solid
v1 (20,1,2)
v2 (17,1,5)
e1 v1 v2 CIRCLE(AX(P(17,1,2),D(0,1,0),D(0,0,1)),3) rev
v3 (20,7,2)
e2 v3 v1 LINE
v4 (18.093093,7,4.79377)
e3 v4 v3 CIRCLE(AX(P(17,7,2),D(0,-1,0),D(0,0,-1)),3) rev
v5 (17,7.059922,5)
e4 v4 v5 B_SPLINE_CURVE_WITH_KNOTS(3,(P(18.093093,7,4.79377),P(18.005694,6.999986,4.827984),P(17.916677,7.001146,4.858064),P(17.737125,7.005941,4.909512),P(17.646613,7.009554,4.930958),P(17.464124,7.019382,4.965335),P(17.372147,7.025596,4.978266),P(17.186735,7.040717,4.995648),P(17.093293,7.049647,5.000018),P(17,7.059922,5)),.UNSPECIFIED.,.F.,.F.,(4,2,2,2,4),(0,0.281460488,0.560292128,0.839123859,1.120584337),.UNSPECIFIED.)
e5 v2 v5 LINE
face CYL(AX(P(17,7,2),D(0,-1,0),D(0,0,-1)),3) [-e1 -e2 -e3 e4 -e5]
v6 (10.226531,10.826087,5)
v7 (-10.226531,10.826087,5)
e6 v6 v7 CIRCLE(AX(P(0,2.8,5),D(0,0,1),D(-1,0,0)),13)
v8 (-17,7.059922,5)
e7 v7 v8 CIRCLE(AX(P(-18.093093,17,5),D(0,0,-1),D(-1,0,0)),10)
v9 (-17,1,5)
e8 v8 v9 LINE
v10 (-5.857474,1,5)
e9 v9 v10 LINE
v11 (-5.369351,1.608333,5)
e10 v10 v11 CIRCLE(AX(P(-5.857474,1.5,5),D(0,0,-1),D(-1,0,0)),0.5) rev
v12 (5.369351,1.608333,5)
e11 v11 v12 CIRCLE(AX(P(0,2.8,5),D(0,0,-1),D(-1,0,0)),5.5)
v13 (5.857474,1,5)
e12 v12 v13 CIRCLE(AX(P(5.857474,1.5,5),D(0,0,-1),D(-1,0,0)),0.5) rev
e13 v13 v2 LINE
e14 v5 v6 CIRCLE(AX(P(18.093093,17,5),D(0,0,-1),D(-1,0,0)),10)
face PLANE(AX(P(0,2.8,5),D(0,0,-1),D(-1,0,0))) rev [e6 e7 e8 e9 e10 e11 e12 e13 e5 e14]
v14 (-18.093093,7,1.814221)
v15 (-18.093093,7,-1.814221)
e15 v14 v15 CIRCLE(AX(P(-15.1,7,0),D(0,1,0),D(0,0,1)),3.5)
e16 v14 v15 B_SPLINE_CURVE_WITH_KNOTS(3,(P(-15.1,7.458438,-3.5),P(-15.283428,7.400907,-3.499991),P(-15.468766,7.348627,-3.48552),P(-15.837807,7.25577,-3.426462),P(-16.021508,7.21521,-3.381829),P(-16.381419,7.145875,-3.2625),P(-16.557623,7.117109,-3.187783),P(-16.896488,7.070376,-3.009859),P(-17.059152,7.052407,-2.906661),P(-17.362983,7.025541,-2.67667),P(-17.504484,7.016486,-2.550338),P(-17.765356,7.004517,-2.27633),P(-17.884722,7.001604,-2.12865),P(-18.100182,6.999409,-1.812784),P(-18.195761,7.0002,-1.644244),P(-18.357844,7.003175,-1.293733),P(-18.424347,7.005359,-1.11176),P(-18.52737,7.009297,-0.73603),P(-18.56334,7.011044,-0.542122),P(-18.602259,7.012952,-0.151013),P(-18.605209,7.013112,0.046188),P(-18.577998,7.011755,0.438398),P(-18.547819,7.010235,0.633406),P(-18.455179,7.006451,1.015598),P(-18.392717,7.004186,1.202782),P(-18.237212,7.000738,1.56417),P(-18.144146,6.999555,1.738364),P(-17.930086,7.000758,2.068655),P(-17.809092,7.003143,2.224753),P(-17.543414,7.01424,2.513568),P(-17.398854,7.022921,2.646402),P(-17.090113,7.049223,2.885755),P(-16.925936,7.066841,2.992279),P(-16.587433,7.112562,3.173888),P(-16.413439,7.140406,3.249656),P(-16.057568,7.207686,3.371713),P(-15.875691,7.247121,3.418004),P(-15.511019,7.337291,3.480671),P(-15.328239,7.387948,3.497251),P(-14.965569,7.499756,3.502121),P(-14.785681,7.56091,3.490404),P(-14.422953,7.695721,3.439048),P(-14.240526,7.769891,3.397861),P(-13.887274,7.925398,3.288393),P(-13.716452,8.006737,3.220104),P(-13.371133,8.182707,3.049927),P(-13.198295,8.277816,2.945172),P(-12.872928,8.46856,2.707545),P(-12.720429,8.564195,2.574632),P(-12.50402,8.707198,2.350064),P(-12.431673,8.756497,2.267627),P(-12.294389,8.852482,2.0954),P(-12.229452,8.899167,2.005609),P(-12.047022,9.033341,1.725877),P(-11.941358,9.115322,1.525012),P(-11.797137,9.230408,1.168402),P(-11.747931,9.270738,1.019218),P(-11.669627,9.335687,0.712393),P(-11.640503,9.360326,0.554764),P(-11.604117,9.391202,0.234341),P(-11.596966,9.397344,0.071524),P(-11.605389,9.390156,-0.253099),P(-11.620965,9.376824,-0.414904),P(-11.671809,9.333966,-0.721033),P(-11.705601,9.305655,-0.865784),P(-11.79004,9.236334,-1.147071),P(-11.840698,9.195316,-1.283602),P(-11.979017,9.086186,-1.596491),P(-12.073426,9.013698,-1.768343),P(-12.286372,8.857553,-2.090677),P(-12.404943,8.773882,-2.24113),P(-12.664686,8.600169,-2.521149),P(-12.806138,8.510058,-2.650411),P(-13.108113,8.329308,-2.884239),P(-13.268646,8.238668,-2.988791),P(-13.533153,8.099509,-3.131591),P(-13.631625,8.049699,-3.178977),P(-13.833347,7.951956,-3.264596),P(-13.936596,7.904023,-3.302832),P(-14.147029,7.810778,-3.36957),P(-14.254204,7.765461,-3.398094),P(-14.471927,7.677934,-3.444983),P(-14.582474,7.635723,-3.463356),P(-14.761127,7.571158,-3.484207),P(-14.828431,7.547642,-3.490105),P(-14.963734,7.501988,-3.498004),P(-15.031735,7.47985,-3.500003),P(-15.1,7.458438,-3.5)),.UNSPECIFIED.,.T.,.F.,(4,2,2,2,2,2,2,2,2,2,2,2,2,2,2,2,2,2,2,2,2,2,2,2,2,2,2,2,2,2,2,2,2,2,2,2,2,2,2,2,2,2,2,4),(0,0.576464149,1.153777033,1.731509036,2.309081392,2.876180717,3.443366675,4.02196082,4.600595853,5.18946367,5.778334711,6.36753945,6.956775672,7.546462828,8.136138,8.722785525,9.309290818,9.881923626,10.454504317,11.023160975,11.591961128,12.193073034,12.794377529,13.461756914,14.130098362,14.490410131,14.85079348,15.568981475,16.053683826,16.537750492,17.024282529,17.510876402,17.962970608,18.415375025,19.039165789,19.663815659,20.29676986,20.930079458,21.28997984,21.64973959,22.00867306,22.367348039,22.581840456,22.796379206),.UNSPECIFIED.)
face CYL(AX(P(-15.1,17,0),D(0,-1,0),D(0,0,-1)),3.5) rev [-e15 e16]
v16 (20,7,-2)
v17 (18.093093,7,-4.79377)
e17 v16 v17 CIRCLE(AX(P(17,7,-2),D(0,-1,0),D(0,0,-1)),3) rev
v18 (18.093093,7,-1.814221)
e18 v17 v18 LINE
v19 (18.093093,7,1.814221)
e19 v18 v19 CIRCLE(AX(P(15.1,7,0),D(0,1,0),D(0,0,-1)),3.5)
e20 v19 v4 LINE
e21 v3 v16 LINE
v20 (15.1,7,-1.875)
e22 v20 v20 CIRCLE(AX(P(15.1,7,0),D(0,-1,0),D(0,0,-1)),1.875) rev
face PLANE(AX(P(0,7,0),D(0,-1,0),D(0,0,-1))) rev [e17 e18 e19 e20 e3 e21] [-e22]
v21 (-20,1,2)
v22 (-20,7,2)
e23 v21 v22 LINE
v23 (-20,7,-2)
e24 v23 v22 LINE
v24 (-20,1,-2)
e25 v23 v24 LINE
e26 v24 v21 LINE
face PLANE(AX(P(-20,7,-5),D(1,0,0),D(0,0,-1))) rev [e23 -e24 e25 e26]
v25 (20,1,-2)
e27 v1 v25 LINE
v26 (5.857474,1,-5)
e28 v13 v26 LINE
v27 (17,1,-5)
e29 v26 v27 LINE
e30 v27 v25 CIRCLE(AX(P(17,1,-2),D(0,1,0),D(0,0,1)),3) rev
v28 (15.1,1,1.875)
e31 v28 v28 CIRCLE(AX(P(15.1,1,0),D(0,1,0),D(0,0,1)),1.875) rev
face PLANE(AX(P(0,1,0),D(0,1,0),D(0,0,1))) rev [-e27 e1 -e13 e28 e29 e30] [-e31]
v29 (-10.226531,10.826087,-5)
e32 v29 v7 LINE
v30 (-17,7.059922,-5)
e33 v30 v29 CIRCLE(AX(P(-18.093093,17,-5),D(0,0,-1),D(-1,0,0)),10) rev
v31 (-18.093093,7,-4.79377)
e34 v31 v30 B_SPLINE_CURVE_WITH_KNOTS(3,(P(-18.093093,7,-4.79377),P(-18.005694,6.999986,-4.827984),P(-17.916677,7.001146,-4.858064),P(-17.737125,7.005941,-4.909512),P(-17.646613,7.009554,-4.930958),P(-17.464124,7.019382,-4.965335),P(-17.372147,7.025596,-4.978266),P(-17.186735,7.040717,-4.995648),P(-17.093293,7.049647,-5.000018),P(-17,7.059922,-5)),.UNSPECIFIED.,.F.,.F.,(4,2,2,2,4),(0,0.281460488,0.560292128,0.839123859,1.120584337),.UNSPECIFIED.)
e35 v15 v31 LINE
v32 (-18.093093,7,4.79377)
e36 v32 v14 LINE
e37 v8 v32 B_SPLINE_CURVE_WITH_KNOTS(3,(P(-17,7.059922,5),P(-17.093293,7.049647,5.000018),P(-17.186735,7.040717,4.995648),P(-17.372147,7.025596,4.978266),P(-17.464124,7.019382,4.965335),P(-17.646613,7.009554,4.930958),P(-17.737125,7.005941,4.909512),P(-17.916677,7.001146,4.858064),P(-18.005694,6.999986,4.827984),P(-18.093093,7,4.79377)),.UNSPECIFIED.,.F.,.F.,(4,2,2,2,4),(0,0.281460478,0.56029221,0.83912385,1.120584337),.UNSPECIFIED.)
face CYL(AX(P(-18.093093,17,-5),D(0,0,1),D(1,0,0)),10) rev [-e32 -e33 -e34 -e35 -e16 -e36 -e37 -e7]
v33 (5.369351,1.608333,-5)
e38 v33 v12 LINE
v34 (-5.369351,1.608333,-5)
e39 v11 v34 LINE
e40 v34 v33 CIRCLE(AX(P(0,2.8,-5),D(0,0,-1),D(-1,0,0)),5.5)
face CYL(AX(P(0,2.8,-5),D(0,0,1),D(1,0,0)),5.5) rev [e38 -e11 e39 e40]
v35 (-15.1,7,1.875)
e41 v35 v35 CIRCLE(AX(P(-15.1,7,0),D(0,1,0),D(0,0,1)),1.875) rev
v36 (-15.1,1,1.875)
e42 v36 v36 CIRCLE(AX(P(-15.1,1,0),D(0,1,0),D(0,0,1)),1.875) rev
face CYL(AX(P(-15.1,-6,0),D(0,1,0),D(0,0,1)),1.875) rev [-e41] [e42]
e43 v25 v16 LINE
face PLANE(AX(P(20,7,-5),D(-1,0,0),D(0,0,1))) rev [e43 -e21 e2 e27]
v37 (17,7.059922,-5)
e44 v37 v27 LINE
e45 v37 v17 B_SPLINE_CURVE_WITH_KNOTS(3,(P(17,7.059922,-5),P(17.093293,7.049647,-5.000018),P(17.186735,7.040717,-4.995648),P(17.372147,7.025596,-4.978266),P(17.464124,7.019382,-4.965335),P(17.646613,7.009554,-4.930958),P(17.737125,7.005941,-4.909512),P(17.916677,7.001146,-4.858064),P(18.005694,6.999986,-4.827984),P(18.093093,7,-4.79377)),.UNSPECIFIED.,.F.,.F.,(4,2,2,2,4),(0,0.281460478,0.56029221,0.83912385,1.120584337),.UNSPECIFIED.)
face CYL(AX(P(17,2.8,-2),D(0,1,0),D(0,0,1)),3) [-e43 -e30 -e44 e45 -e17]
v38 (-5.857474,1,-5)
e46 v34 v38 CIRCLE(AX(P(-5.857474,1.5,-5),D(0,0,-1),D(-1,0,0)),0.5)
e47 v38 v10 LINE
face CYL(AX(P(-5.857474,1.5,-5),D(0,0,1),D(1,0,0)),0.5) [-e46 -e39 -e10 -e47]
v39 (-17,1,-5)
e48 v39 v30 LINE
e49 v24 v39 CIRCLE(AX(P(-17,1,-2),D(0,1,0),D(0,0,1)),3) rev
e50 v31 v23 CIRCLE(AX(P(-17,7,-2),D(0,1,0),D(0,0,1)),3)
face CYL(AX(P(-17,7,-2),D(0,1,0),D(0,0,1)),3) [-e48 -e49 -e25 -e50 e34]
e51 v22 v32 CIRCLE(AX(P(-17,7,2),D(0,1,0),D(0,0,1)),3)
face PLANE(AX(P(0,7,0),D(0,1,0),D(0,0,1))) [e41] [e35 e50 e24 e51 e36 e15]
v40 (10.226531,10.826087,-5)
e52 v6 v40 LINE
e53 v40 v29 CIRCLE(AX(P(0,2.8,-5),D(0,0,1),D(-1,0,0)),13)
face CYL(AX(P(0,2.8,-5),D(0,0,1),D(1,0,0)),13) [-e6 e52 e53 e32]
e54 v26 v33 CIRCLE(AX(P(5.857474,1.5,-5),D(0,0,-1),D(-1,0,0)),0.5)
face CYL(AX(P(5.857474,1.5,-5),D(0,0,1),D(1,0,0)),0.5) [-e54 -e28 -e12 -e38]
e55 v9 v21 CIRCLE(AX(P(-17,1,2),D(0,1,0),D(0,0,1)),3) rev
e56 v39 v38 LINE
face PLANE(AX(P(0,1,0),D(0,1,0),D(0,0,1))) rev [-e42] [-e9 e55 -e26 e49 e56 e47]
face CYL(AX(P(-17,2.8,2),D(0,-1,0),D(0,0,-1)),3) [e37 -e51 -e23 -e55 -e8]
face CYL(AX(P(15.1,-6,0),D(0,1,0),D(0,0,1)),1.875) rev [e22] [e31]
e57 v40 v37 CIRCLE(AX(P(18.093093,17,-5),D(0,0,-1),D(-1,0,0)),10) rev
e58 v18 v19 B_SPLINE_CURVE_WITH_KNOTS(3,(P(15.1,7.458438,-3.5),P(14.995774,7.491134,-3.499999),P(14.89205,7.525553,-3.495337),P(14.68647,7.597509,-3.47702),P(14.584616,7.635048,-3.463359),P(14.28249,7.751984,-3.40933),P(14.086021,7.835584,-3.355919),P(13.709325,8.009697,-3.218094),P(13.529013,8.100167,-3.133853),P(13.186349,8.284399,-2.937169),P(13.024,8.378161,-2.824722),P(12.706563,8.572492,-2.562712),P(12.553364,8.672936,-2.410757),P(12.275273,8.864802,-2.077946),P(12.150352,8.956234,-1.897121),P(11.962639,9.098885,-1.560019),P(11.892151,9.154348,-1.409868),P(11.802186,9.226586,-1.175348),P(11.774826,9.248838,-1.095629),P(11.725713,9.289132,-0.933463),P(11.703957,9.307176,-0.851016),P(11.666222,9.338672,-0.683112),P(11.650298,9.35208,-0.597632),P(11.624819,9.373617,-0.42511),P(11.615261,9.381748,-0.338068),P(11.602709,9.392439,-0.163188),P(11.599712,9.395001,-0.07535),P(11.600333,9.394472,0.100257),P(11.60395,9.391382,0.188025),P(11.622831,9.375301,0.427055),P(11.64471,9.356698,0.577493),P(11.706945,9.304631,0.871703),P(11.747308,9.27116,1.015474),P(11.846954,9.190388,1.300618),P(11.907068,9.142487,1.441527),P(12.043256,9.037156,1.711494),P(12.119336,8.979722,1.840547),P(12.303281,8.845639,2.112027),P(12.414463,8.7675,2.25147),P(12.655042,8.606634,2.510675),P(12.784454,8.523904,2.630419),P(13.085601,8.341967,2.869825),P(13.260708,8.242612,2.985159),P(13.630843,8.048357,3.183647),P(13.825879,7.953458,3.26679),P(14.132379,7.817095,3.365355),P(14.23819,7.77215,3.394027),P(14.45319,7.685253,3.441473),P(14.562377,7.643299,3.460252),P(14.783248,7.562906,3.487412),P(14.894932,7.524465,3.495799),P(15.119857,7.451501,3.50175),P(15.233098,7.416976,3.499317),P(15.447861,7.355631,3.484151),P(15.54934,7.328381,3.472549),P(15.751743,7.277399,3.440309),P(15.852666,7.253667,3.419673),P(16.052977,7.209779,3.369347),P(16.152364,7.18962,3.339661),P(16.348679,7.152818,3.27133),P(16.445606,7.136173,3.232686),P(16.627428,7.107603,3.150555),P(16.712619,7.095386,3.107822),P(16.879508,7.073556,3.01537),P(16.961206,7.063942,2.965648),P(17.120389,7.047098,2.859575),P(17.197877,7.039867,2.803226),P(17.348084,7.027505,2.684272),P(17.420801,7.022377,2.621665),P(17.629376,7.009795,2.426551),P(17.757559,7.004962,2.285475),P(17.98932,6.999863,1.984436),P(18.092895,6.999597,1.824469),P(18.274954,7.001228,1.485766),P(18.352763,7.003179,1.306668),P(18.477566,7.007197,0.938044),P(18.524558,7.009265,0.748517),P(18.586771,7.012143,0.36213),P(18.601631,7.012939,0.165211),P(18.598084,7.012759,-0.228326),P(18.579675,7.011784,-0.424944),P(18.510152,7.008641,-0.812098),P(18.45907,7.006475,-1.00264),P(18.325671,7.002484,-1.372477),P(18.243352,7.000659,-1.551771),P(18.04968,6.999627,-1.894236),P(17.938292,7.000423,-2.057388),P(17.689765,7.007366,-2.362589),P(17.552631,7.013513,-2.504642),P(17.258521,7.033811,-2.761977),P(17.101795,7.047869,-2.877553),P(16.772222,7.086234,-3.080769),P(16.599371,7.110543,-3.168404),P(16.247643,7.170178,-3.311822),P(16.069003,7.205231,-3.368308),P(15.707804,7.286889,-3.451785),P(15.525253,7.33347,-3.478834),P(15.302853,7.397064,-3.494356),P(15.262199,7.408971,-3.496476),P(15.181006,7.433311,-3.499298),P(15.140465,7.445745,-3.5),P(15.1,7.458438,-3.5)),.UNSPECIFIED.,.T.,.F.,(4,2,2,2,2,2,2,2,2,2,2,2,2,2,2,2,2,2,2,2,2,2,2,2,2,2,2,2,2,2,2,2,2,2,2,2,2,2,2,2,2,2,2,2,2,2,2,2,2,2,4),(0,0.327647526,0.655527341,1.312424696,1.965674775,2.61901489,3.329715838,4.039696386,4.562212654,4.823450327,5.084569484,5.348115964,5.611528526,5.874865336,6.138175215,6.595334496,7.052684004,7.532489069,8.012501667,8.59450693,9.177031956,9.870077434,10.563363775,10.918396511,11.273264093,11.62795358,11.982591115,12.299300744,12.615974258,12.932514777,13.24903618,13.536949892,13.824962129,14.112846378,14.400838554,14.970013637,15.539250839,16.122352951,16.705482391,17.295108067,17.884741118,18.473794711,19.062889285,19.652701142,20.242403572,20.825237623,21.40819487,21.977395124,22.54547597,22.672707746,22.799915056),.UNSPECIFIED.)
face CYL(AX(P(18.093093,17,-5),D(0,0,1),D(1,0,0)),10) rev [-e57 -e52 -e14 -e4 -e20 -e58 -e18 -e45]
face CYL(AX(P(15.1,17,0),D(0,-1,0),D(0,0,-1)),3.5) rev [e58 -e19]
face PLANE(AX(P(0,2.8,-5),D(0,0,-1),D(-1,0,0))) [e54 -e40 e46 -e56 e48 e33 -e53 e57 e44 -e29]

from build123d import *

# Parameters (mm, degrees)
BOSS_EXTRUDE1_START      = -1
SKETCH1_W                = 40
SKETCH1_H                = 10
BOSS_EXTRUDE1_DEPTH      = 5
BOSS_EXTRUDE2_DEPTH      = 5
BOSS_EXTRUDE2_DEPTH_BACK = 5
SKETCH3_W                = 10
SKETCH3_H                = 10
BOSS_EXTRUDE3_DEPTH      = 7
FILLET1_R                = 3
FILLET2_R                = 3
FILLET4_R                = 10
CUT_EXTRUDE1_DEPTH       = 26.973833083
CUT_EXTRUDE1_DEPTH_BACK  = 26.973833083
SKETCH4_R                = 1.875
CUT_EXTRUDE2_START       = 7
SKETCH5_R                = 3.5
CUT_EXTRUDE2_DEPTH       = 10
SKETCH9_W                = 47.094451366
SKETCH9_H                = 23.336565295
CUT_EXTRUDE5_DEPTH       = 1
FILLET5_R                = 0.5
SKETCH7_W                = 51.703075982
SKETCH7_H                = 23.04476915
CUT_EXTRUDE4_DEPTH       = 26.973833083


with BuildPart() as part:
    # Sketch1 → Boss-Extrude1 (new body)
    with BuildSketch(Plane(origin=(0, 0, 0), x_dir=(1, 0, 0), z_dir=(0, 1, 0)).offset(BOSS_EXTRUDE1_START)):
        Rectangle(SKETCH1_W, SKETCH1_H)
    extrude(amount=-BOSS_EXTRUDE1_DEPTH)

    # Fillet2
    fillet2_edges = [part.edges().sort_by_distance(p)[0] for p in [
        (-20, -3.5, 5),
        (-20, -3.5, -5),
        (20, -3.5, 5),
        (20, -3.5, -5),
    ]]
    fillet(fillet2_edges, radius=FILLET2_R)


with BuildPart() as body_2:
    # Sketch2 → Boss-Extrude2 (new, two sides: drawn at the far end of the back side and taken through both)
    with BuildSketch(Plane.XY.offset(-BOSS_EXTRUDE2_DEPTH_BACK)):
        with BuildLine():
            Line((-12.694880858, 0), (-4.733920151, 0))
            ThreePointArc((-4.733920151, 0), (0, 8.3), (4.733920151, 0))
            Line((4.733920151, 0), (12.694880858, 0))
            ThreePointArc((12.694880858, 0), (0, 15.8), (-12.694880858, 0))
        make_face()
    extrude(amount=BOSS_EXTRUDE2_DEPTH + BOSS_EXTRUDE2_DEPTH_BACK)

    # Sketch3 → Boss-Extrude3 (add)
    with BuildSketch(Plane(origin=(0, 0, 0), x_dir=(1, 0, 0), z_dir=(0, 1, 0))):
        with Locations((-15, 0)):
            Rectangle(SKETCH3_W, SKETCH3_H)
        with Locations((15, 0)):
            Rectangle(SKETCH3_W, SKETCH3_H)
    extrude(amount=BOSS_EXTRUDE3_DEPTH)

    # Fillet1
    fillet1_edges = [body_2.edges().sort_by_distance(p)[0] for p in [
        (20, 3.5, -5),
        (20, 3.5, 5),
        (-20, 3.5, -5),
        (-20, 3.5, 5),
    ]]
    fillet(fillet1_edges, radius=FILLET1_R)

    # Fillet4
    fillet4_edges = [body_2.edges().sort_by_distance(p)[0] for p in [
        (12.302845199, 7, 0),
        (-12.302845199, 7, 0),
    ]]
    fillet(fillet4_edges, radius=FILLET4_R)


with BuildPart() as cut_extrude1_tool:
    # Sketch4 → Cut-Extrude1 (new, two sides: drawn at the far end of the back side and taken through both)
    with BuildSketch(Plane(origin=(0, 0, 0), x_dir=(1, 0, 0), z_dir=(0, 1, 0)).offset(-CUT_EXTRUDE1_DEPTH_BACK)):
        with Locations((-15.1, 0)):
            Circle(SKETCH4_R)
        with Locations((15.1, 0)):
            Circle(SKETCH4_R)
    extrude(amount=CUT_EXTRUDE1_DEPTH + CUT_EXTRUDE1_DEPTH_BACK)


with BuildPart() as part_1:
    add(part.part)

    # Cut-Extrude1: cut by cut_extrude1_tool
    add(cut_extrude1_tool.part, mode=Mode.SUBTRACT)

    # Sketch7 → Cut-Extrude4 (cut, through all)
    with BuildSketch(Plane(origin=(0, 0, 0), x_dir=(1, 0, 0), z_dir=(0, 1, 0))):
        with Locations((-1.693322056, -1.721439234)):
            Rectangle(SKETCH7_W, SKETCH7_H)
    extrude(amount=-CUT_EXTRUDE4_DEPTH, mode=Mode.SUBTRACT)


with BuildPart() as body_2_1:
    add(body_2.part)

    # Cut-Extrude1: cut by cut_extrude1_tool
    add(cut_extrude1_tool.part, mode=Mode.SUBTRACT)

    # Sketch5 → Cut-Extrude2 (cut)
    with BuildSketch(Plane(origin=(0, 0, 0), x_dir=(1, 0, 0), z_dir=(0, 1, 0)).offset(CUT_EXTRUDE2_START)):
        with Locations((-15.1, 0)):
            Circle(SKETCH5_R)
        with Locations((15.1, 0)):
            Circle(SKETCH5_R)
    extrude(amount=CUT_EXTRUDE2_DEPTH, mode=Mode.SUBTRACT)

    # Sketch9 → Cut-Extrude5 (cut)
    with BuildSketch(Plane(origin=(0, 0, 0), x_dir=(1, 0, 0), z_dir=(0, 1, 0))):
        with Locations((2.081495267, 0.004136026)):
            Rectangle(SKETCH9_W, SKETCH9_H)
    extrude(amount=CUT_EXTRUDE5_DEPTH, mode=Mode.SUBTRACT)

    # Fillet5
    fillet5_edges = [body_2_1.edges().sort_by_distance(p)[0] for p in [
        (-5.197114584, 1, 0),
        (5.197114584, 1, 0),
    ]]
    fillet(fillet5_edges, radius=FILLET5_R)


solid = body_2_1.part
